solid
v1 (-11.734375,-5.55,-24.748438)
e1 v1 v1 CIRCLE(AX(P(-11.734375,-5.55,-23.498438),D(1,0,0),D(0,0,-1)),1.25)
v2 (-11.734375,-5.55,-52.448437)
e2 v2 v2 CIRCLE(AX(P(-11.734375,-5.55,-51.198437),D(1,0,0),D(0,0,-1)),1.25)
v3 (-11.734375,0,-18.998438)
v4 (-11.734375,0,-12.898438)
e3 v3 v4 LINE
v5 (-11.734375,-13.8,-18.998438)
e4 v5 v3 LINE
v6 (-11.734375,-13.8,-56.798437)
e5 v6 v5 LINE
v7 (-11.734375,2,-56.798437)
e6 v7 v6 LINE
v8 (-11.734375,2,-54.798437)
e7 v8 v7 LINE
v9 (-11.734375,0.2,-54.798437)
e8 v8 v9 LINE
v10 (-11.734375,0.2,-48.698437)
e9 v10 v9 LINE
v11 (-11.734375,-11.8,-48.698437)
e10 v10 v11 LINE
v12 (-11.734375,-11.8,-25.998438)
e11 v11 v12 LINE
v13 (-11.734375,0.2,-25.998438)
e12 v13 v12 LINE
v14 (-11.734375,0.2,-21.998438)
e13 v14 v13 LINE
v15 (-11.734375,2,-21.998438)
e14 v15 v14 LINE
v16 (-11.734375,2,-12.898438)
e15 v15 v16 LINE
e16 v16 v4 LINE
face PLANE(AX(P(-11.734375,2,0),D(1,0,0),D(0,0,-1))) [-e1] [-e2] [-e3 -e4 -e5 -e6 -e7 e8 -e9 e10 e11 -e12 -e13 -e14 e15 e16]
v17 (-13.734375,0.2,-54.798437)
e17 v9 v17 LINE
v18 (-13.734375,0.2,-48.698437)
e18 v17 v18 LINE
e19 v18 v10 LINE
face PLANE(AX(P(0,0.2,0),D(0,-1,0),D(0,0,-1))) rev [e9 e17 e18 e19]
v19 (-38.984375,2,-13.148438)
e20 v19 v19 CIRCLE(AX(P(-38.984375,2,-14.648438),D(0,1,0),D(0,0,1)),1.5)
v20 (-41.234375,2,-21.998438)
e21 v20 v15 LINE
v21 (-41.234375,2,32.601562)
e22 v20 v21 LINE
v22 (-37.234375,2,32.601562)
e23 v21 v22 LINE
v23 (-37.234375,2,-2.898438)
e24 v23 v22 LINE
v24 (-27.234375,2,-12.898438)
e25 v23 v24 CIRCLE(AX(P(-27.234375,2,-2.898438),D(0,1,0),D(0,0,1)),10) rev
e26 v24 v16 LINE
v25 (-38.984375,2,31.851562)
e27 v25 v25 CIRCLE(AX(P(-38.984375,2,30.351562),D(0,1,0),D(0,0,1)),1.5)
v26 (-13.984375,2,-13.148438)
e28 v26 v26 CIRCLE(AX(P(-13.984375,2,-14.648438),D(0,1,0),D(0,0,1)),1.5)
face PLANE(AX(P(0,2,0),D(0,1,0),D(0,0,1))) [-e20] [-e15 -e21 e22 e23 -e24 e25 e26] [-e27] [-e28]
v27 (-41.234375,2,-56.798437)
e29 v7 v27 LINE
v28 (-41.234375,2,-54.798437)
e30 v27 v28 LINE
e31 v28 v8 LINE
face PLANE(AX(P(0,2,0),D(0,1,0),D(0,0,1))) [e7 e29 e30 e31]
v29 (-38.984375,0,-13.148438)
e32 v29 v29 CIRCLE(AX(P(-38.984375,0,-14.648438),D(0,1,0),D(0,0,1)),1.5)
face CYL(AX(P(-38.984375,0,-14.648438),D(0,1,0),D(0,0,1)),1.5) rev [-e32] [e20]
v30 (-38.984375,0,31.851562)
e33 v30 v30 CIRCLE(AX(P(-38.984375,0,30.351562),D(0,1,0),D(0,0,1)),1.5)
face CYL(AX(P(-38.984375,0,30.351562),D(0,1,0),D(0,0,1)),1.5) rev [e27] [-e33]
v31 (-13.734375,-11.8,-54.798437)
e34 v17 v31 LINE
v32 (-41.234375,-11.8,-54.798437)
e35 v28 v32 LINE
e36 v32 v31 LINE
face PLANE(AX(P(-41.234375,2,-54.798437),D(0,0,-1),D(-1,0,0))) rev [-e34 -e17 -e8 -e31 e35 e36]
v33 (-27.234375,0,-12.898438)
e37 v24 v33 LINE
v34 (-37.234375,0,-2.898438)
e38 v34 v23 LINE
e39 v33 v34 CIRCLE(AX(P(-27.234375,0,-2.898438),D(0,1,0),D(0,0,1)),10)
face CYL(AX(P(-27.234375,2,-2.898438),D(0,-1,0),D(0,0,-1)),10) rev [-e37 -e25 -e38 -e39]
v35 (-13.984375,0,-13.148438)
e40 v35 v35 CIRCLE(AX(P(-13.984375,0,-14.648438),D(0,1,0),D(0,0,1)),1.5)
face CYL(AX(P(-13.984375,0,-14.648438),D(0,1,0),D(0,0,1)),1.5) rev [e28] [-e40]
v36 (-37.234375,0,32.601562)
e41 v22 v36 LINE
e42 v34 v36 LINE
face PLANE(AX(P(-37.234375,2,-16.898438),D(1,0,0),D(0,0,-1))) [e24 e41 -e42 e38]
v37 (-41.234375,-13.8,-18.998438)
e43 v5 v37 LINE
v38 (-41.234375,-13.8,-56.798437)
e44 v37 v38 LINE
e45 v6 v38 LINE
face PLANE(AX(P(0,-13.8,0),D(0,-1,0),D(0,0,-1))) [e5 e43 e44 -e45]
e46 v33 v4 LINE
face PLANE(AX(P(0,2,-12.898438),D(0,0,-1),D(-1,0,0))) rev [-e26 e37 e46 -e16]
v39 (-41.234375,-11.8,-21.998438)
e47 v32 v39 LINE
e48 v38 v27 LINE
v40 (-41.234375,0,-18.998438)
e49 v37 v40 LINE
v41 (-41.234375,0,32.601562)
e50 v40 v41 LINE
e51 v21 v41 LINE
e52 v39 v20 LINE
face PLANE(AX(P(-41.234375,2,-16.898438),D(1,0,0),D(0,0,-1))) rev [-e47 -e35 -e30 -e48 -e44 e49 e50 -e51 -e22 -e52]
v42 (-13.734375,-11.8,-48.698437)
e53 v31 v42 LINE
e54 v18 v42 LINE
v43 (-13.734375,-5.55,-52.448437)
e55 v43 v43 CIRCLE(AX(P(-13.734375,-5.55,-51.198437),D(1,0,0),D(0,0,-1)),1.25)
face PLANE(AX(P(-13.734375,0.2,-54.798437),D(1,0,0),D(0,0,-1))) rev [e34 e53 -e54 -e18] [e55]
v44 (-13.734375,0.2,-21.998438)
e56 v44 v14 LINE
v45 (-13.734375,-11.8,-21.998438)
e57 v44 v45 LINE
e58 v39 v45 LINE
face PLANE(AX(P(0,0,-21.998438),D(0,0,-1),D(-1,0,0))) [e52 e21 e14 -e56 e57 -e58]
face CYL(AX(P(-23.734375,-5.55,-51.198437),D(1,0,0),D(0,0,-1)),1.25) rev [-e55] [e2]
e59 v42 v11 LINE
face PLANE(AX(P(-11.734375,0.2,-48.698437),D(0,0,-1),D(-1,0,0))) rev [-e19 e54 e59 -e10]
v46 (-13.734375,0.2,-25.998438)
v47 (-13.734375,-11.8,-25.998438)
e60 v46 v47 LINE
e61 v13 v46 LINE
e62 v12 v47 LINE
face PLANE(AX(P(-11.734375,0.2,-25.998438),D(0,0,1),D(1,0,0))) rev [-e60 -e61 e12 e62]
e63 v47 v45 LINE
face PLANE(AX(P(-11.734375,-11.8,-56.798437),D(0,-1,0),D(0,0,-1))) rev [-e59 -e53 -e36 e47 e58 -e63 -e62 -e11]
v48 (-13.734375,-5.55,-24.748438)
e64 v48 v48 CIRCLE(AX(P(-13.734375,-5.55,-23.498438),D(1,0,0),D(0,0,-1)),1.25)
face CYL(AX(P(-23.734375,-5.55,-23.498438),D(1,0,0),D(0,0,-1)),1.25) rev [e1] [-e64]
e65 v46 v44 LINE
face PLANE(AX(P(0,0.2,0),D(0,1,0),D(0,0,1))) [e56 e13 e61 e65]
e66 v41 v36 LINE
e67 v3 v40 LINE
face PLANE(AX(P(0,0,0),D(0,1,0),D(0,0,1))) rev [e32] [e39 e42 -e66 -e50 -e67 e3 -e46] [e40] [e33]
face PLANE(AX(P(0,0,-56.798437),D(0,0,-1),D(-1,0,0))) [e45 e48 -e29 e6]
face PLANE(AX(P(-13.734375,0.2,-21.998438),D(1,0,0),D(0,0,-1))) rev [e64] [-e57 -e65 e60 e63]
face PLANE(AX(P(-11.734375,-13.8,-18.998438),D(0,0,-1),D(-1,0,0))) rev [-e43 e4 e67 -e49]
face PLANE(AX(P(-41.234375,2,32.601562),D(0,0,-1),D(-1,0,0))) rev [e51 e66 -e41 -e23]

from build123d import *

# Parameters (mm, degrees)
BOSS_EXTRUDE1_DEPTH = 2
FILLET1_R           = 10
SKETCH2_R           = 1.5
CUT_EXTRUDE1_DEPTH  = 53.603569832
SKETCH3_W           = 29.5
SKETCH3_H           = 2
BOSS_EXTRUDE2_DEPTH = 5.1
SKETCH4_W           = 29.5
SKETCH4_H           = 3
BOSS_EXTRUDE3_DEPTH = 13.8
SKETCH5_W           = 29.5
SKETCH5_H           = 2
BOSS_EXTRUDE5_DEPTH = 34.8
SKETCH7_W           = 29.5
SKETCH7_H           = 2
BOSS_EXTRUDE6_DEPTH = 13.8
SKETCH8_W           = 2
SKETCH8_H           = 4
SKETCH8_H_2         = 6.1
BOSS_EXTRUDE7_DEPTH = 12
SKETCH9_2_R         = 1.25
CUT_EXTRUDE3_DEPTH  = 12


with BuildPart() as part:
    # Sketch1 → Boss-Extrude1 (new body)
    with BuildSketch(Plane(origin=(0, 0, 0), x_dir=(1, 0, 0), z_dir=(0, 1, 0))):
        Polygon((-41.234375, 16.8984375), (-41.234375, -32.6015625), (-37.234375, -32.6015625), (-37.234375, 12.8984375), (-11.734375, 12.8984375), (-11.734375, 16.8984375), align=None)
    extrude(amount=BOSS_EXTRUDE1_DEPTH)

    # Fillet1
    fillet1_edges = [part.edges().sort_by_distance(p)[0] for p in [
        (-37.234375, 1, -12.8984375),
    ]]
    fillet(fillet1_edges, radius=FILLET1_R)

    # Sketch2 → Cut-Extrude1 (cut, through all)
    with BuildSketch(Plane(origin=(0, 2, 0), x_dir=(1, 0, 0), z_dir=(0, 1, 0))):
        with Locations((-38.984375, -30.3515625)):
            Circle(SKETCH2_R)
        with Locations((-38.984375, 14.6484375)):
            Circle(SKETCH2_R)
        with Locations((-13.984375, 14.6484375)):
            Circle(SKETCH2_R)
    extrude(amount=-CUT_EXTRUDE1_DEPTH, mode=Mode.SUBTRACT)

    # Sketch3 → Boss-Extrude2 (add)
    with BuildSketch(Plane(origin=(0, 0, -16.8984375), x_dir=(-1, 0, 0), z_dir=(0, 0, -1))):
        with Locations((26.484375, 1)):
            Rectangle(SKETCH3_W, SKETCH3_H)
    extrude(amount=BOSS_EXTRUDE2_DEPTH)

    # Sketch4 → Boss-Extrude3 (add)
    with BuildSketch(Plane.XZ):
        with Locations((-26.484375, -20.4984375)):
            Rectangle(SKETCH4_W, SKETCH4_H)
    extrude(amount=BOSS_EXTRUDE3_DEPTH)

    # Sketch5 → Boss-Extrude5 (add)
    with BuildSketch(Plane(origin=(0, 0, -21.9984375), x_dir=(-1, 0, 0), z_dir=(0, 0, -1))):
        with Locations((26.484375, -12.8)):
            Rectangle(SKETCH5_W, SKETCH5_H)
    extrude(amount=BOSS_EXTRUDE5_DEPTH)

    # Sketch7 → Boss-Extrude6 (add)
    with BuildSketch(Plane(origin=(0, -11.8, 0), x_dir=(1, 0, 0), z_dir=(0, 1, 0))):
        with Locations((-26.484375, 55.7984375)):
            Rectangle(SKETCH7_W, SKETCH7_H)
    extrude(amount=BOSS_EXTRUDE6_DEPTH)

    # Sketch8 → Boss-Extrude7 (add)
    with BuildSketch(Plane(origin=(0, -11.8, 0), x_dir=(1, 0, 0), z_dir=(0, 1, 0))):
        with Locations((-12.734375, 23.9984375)):
            Rectangle(SKETCH8_W, SKETCH8_H)
        with Locations((-12.734375, 51.7484375)):
            Rectangle(SKETCH8_W, SKETCH8_H_2)
    extrude(amount=BOSS_EXTRUDE7_DEPTH)

    # Sketch9<2> → Cut-Extrude3 (cut)
    with BuildSketch(Plane(origin=(-11.734375, 0, 0), x_dir=(0, 0, -1), z_dir=(1, 0, 0))):
        with Locations((23.4984375, -5.55)):
            Circle(SKETCH9_2_R)
        with Locations((51.1984375, -5.55)):
            Circle(SKETCH9_2_R)
    extrude(amount=-CUT_EXTRUDE3_DEPTH, mode=Mode.SUBTRACT)


solid = part.part
